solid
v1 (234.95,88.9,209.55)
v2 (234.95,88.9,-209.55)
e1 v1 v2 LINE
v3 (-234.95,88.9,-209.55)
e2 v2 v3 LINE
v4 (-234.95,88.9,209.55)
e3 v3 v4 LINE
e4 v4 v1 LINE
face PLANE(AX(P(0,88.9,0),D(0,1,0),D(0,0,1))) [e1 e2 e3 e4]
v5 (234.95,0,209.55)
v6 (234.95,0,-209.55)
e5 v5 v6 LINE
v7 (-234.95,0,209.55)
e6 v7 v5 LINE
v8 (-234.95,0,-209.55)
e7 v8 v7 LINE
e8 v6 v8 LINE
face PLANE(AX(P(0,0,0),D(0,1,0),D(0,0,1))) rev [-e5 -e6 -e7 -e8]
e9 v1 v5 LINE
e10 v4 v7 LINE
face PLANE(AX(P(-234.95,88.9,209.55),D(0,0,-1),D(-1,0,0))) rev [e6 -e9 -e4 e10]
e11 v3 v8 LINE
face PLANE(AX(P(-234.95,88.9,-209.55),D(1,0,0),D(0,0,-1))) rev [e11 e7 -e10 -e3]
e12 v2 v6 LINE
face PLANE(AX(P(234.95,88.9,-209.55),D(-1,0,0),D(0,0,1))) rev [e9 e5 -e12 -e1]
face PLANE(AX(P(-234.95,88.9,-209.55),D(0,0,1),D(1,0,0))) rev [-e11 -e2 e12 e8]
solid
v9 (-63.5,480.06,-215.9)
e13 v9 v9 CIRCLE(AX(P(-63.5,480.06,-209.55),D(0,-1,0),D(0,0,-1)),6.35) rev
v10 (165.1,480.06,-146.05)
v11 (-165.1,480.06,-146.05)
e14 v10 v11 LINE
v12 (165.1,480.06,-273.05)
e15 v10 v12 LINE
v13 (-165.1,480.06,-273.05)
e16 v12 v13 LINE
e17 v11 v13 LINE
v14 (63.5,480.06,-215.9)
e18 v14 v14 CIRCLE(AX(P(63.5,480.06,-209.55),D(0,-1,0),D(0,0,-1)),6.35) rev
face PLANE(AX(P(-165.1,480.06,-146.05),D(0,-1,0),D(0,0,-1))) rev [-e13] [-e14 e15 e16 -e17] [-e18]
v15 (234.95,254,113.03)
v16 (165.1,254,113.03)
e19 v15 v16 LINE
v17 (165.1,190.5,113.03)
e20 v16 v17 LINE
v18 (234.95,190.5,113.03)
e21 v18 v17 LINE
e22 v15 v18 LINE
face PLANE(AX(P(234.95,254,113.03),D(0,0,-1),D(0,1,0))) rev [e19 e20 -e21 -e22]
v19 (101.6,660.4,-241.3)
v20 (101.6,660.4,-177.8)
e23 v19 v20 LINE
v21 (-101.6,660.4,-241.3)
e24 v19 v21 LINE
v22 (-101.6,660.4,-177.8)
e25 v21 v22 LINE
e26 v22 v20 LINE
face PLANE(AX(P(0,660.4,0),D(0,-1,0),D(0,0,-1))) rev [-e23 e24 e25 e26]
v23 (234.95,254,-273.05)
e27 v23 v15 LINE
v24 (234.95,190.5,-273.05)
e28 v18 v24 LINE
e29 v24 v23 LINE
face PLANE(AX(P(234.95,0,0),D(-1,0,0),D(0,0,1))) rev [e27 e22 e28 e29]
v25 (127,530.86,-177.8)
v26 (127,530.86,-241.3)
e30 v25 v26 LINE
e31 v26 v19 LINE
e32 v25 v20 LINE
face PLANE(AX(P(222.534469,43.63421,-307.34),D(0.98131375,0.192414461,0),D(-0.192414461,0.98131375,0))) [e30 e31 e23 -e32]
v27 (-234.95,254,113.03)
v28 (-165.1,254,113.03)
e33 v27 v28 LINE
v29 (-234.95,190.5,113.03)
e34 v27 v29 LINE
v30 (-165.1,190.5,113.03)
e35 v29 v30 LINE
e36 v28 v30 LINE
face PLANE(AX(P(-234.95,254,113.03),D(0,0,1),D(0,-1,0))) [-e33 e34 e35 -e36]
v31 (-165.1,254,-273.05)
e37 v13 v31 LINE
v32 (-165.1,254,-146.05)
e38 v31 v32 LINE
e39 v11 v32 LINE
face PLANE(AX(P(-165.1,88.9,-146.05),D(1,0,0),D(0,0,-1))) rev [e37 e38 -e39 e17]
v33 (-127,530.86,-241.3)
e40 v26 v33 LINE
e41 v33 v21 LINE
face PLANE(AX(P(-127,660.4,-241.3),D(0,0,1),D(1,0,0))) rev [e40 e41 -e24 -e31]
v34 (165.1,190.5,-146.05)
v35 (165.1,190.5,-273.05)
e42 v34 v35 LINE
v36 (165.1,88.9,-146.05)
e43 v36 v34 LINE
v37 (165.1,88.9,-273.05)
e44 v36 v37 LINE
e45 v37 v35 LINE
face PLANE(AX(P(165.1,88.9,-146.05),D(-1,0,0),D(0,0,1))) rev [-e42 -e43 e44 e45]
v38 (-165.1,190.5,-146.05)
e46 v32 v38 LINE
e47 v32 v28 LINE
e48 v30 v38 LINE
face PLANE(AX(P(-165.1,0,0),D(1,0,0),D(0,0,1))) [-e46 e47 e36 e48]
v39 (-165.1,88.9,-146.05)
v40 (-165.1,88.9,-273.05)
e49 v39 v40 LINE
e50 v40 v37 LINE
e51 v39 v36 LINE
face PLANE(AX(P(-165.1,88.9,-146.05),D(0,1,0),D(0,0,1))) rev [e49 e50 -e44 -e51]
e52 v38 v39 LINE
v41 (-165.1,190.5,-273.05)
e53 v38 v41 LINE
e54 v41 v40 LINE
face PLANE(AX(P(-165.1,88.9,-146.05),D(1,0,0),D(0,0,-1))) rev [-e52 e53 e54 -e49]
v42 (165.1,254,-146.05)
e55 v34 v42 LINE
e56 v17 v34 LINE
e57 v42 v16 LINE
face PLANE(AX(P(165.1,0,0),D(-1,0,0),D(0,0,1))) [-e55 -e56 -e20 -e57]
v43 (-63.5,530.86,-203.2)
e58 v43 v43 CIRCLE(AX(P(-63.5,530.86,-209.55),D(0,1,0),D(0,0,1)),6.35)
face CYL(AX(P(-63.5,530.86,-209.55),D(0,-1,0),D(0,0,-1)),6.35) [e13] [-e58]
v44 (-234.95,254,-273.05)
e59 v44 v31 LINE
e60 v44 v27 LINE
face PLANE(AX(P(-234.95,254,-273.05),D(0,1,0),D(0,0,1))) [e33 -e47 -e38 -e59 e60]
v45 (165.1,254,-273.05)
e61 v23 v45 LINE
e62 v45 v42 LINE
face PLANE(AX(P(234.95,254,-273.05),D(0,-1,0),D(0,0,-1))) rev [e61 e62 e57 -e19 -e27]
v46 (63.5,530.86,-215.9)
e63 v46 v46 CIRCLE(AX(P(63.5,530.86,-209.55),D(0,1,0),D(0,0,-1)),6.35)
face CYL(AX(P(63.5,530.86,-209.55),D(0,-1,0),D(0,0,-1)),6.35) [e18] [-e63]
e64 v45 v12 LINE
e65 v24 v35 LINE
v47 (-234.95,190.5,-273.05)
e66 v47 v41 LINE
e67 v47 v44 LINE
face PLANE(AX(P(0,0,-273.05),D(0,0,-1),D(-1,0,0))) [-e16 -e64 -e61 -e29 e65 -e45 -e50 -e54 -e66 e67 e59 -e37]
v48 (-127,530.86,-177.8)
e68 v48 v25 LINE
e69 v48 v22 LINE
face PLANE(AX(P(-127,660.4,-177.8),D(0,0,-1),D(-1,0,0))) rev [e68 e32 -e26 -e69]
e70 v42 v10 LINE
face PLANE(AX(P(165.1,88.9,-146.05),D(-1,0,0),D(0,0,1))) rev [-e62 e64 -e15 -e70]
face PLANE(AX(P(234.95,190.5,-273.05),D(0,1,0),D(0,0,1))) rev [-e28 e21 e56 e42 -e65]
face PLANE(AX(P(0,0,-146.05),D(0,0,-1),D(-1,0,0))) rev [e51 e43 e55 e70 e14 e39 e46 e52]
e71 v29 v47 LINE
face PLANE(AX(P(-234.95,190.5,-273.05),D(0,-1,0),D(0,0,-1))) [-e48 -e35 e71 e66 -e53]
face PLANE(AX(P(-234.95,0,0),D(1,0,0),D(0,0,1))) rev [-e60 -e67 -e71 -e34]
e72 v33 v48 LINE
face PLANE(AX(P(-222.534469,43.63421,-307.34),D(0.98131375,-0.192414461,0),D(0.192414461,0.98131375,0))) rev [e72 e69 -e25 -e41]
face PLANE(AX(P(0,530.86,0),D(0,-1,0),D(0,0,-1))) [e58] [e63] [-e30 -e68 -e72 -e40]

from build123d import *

# Parameters (mm, degrees)
SKETCH1_W           = 469.9
SKETCH1_H           = 419.1
BOSS_EXTRUDE1_DEPTH = 88.9
SKETCH2_W           = 330.2
SKETCH2_H           = 391.16
BOSS_EXTRUDE2_DEPTH = 63.5
SKETCH3_W           = 386.08
SKETCH3_H           = 63.5
BOSS_EXTRUDE3_DEPTH = 69.85
SKETCH4_R           = 6.35
BOSS_EXTRUDE4_DEPTH = 50.8
SKETCH5_W           = 254
SKETCH5_H           = 63.5
BOSS_EXTRUDE5_DEPTH = 129.54
CUT_EXTRUDE1_DEPTH  = 129.54


with BuildPart() as part:
    # Sketch1 → Boss-Extrude1 (new body)
    with BuildSketch(Plane(origin=(0, 0, 0), x_dir=(1, 0, 0), z_dir=(0, 1, 0))):
        Rectangle(SKETCH1_W, SKETCH1_H)
    extrude(amount=BOSS_EXTRUDE1_DEPTH)


with BuildPart() as body_2:
    # Sketch2 → Boss-Extrude2 (new body, symmetric)
    with BuildSketch(Plane.XY.offset(-209.55)):
        with Locations((0, 284.48)):
            Rectangle(SKETCH2_W, SKETCH2_H)
    extrude(amount=BOSS_EXTRUDE2_DEPTH, both=True)

    # Sketch3 → Boss-Extrude3 (add)
    with BuildSketch(Plane(origin=(165.1, 0, 0), x_dir=(0, 0, -1), z_dir=(1, 0, 0))):
        with Locations((80.01, 222.25)):
            Rectangle(SKETCH3_W, SKETCH3_H)
    boss_extrude3 = extrude(amount=BOSS_EXTRUDE3_DEPTH)

    # Mirror1: Boss-Extrude3 across plane
    add(boss_extrude3.mirror(Plane(origin=(0, 0, 0), x_dir=(0, 0, 1), z_dir=(1, 0, 0))))

    # Sketch4 → Boss-Extrude4 (add)
    with BuildSketch(Plane(origin=(0, 480.06, 0), x_dir=(1, 0, 0), z_dir=(0, 1, 0))):
        with Locations((-63.5, 209.55)):
            Circle(SKETCH4_R)
        with Locations((63.5, 209.55)):
            Circle(SKETCH4_R)
    extrude(amount=BOSS_EXTRUDE4_DEPTH)

    # Sketch5 → Boss-Extrude5 (add)
    with BuildSketch(Plane(origin=(0, 530.86, 0), x_dir=(1, 0, 0), z_dir=(0, 1, 0))):
        with Locations((0, 209.55)):
            Rectangle(SKETCH5_W, SKETCH5_H)
    extrude(amount=BOSS_EXTRUDE5_DEPTH)

    # Sketch6 → Cut-Extrude1 (cut)
    with BuildSketch(Plane.XY.offset(-177.8)):
        Polygon((101.6, 660.4), (127, 530.86), (127, 660.4), align=None)
        Polygon((-127, 660.4), (-127, 530.86), (-101.6, 660.4), align=None)
    extrude(amount=-CUT_EXTRUDE1_DEPTH, mode=Mode.SUBTRACT)


solid = Compound([part.part, body_2.part])
